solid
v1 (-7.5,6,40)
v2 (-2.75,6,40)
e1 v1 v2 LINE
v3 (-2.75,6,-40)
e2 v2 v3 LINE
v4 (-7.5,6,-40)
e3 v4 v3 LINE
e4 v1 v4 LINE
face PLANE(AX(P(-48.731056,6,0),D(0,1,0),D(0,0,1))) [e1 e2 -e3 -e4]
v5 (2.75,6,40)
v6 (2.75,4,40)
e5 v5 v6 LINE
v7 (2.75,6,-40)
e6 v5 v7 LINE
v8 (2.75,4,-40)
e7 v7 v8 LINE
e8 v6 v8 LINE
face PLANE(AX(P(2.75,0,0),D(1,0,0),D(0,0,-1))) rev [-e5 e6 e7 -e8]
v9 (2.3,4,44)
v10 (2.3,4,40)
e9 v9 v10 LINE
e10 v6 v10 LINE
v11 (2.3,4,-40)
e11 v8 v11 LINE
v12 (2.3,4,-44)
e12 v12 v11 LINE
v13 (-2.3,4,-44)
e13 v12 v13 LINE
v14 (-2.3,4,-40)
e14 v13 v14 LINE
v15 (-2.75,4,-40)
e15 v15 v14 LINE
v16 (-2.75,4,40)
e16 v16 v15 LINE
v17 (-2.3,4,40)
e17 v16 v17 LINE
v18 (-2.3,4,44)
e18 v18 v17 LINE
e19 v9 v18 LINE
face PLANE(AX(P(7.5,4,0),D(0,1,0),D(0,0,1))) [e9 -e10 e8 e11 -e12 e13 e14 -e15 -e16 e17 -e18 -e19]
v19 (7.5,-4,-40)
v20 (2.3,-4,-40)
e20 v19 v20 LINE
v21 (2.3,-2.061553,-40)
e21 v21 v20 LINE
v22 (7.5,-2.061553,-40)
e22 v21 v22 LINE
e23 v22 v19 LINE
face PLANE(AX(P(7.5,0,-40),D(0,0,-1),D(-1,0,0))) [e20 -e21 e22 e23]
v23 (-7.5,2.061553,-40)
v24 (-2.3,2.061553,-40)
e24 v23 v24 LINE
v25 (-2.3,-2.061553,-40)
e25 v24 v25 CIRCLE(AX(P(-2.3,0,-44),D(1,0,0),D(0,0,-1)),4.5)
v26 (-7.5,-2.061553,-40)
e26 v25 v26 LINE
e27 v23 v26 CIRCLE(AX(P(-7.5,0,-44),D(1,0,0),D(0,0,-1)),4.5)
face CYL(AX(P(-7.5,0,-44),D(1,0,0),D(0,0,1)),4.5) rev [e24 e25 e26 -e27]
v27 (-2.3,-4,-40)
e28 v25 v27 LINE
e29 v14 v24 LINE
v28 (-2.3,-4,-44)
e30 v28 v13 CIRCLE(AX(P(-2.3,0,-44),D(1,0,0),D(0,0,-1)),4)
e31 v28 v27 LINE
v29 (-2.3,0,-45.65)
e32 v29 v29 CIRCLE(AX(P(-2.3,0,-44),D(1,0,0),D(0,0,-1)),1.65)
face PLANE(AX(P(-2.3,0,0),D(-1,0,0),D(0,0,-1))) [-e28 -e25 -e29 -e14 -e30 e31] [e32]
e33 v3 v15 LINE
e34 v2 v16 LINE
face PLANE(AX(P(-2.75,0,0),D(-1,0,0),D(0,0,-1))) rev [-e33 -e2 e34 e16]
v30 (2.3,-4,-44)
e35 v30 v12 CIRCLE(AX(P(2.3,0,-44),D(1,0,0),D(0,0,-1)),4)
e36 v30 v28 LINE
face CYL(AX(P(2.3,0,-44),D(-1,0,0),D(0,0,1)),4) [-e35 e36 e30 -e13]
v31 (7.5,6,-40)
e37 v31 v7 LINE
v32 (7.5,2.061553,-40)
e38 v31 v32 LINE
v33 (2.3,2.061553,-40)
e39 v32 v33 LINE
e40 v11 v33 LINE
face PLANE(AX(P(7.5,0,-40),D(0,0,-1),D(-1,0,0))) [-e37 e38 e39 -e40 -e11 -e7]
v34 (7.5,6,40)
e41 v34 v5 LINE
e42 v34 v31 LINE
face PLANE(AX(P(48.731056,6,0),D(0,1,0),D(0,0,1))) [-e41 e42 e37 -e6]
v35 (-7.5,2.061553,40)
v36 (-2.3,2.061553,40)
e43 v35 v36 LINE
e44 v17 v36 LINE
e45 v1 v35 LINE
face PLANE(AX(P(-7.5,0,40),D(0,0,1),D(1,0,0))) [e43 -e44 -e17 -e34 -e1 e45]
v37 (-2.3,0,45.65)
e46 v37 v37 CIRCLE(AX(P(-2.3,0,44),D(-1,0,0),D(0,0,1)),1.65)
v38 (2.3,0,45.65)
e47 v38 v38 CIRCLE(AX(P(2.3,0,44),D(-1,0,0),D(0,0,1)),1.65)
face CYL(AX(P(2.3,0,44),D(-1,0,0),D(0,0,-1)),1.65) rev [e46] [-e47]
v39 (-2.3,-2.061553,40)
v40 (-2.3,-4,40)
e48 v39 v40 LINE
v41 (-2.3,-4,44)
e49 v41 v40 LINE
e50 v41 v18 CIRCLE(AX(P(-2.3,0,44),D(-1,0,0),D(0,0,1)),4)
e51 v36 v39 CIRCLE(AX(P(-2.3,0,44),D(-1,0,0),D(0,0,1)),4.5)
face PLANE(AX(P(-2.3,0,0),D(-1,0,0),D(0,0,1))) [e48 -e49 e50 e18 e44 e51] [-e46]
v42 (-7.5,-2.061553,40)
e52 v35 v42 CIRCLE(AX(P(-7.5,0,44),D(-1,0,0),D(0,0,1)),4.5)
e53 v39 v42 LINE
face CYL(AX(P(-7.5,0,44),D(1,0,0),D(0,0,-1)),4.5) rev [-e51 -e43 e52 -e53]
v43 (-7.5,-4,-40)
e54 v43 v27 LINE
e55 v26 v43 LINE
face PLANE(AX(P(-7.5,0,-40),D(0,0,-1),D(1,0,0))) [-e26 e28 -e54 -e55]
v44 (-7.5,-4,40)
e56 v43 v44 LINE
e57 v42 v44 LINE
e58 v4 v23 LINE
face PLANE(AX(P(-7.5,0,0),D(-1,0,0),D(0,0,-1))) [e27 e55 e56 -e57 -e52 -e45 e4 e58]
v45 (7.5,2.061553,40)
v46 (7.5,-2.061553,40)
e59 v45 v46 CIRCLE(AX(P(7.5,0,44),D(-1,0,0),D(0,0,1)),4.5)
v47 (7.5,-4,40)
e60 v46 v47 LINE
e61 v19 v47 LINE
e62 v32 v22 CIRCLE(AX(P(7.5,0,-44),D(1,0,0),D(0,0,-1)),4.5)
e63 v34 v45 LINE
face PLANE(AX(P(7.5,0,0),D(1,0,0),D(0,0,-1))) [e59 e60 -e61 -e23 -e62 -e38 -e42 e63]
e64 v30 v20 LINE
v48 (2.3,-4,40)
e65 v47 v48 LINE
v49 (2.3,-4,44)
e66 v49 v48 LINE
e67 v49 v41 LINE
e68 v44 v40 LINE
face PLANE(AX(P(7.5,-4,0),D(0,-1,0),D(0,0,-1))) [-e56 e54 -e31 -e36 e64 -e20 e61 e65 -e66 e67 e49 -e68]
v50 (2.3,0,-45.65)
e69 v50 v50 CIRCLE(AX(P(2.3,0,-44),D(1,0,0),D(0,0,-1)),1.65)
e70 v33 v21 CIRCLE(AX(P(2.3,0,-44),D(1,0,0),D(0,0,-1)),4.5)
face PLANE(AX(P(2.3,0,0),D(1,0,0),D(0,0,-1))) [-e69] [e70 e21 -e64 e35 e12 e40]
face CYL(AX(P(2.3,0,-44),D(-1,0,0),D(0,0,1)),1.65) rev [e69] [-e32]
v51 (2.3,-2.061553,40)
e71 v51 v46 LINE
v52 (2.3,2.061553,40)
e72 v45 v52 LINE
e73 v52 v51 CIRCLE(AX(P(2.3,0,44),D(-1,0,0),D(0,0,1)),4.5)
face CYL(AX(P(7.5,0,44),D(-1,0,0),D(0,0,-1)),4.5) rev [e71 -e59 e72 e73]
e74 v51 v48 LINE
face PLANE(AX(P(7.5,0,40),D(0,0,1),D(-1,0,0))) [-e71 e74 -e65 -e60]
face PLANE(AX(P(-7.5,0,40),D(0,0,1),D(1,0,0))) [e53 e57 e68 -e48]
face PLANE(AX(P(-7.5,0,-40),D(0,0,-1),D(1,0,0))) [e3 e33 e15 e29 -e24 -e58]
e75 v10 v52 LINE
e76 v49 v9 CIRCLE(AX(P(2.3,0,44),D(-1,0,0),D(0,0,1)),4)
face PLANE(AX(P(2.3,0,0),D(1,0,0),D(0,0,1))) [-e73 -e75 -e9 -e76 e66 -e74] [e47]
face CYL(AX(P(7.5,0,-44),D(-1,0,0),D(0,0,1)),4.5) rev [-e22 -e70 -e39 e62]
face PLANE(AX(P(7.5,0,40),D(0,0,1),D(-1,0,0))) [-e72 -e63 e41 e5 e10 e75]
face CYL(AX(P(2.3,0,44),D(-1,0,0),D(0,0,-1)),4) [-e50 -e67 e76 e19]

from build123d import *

# Parameters (mm, degrees)
SKETCH1_W           = 40
SKETCH1_H           = 8
SKETCH1_W_2         = 4
BOSS_EXTRUDE1_DEPTH = 7.5
BOSS_EXTRUDE2_START = 2.75
SKETCH1_5_W         = 40
SKETCH1_5_H         = 8
SKETCH1_5_H_2       = 2
SKETCH1_5_W_2       = 4
BOSS_EXTRUDE2_DEPTH = 4.75
SKETCH1_7_R         = 1.65
BOSS_EXTRUDE3_DEPTH = 2.3
CUT_EXTRUDE3_START  = 2.3
SKETCH3_R           = 4.5
CUT_EXTRUDE3_DEPTH  = 47.651506616


with BuildPart() as part:
    # Sketch1 → Boss-Extrude1 (new body)
    with BuildSketch(Plane(origin=(0, 0, 0), x_dir=(0, 0, -1), z_dir=(1, 0, 0))):
        with Locations((20, 0)):
            Rectangle(SKETCH1_W, SKETCH1_H)
        with Locations((38, 0)):
            Rectangle(SKETCH1_W_2, SKETCH1_H)
    extrude(amount=BOSS_EXTRUDE1_DEPTH)

    # Sketch1<5> → Boss-Extrude2 (add)
    with BuildSketch(Plane(origin=(0, 0, 0), x_dir=(0, 0, -1), z_dir=(1, 0, 0)).offset(BOSS_EXTRUDE2_START)):
        with Locations((20, 0)):
            Rectangle(SKETCH1_5_W, SKETCH1_5_H)
        with Locations((20, 5)):
            Rectangle(SKETCH1_5_W, SKETCH1_5_H_2)
        with Locations((38, 0)):
            Rectangle(SKETCH1_5_W_2, SKETCH1_5_H)
        with Locations((38, 5)):
            Rectangle(SKETCH1_5_W_2, SKETCH1_5_H_2)
    extrude(amount=BOSS_EXTRUDE2_DEPTH)

    # Sketch1<7> → Boss-Extrude3 (add)
    with BuildSketch(Plane(origin=(0, 0, 0), x_dir=(0, 0, -1), z_dir=(1, 0, 0))):
        with BuildLine():
            Line((44, 4), (40, 4))
            Line((40, 4), (40, -4))
            Line((40, -4), (44, -4))
            ThreePointArc((44, -4), (48, 0), (44, 4))
        make_face()
        with Locations((44, 0)):
            Circle(SKETCH1_7_R, mode=Mode.SUBTRACT)
    extrude(amount=BOSS_EXTRUDE3_DEPTH)

    # Sketch3 → Cut-Extrude3 (cut, through all)
    with BuildSketch(Plane(origin=(0, 0, 0), x_dir=(0, 0, -1), z_dir=(1, 0, 0)).offset(CUT_EXTRUDE3_START)):
        with Locations((44, 0)):
            Circle(SKETCH3_R)
    extrude(amount=CUT_EXTRUDE3_DEPTH, mode=Mode.SUBTRACT)

    # Mirror1: part across plane


with BuildPart() as part_1:
    add(part.part)
    add(part.part.mirror(Plane(origin=(0, 0, 0), x_dir=(0, 0, 1), z_dir=(1, 0, 0))))

    # Mirror2: part across plane


with BuildPart() as part_2:
    add(part_1.part)
    add(part_1.part.mirror(Plane.XY))


solid = part_2.part
